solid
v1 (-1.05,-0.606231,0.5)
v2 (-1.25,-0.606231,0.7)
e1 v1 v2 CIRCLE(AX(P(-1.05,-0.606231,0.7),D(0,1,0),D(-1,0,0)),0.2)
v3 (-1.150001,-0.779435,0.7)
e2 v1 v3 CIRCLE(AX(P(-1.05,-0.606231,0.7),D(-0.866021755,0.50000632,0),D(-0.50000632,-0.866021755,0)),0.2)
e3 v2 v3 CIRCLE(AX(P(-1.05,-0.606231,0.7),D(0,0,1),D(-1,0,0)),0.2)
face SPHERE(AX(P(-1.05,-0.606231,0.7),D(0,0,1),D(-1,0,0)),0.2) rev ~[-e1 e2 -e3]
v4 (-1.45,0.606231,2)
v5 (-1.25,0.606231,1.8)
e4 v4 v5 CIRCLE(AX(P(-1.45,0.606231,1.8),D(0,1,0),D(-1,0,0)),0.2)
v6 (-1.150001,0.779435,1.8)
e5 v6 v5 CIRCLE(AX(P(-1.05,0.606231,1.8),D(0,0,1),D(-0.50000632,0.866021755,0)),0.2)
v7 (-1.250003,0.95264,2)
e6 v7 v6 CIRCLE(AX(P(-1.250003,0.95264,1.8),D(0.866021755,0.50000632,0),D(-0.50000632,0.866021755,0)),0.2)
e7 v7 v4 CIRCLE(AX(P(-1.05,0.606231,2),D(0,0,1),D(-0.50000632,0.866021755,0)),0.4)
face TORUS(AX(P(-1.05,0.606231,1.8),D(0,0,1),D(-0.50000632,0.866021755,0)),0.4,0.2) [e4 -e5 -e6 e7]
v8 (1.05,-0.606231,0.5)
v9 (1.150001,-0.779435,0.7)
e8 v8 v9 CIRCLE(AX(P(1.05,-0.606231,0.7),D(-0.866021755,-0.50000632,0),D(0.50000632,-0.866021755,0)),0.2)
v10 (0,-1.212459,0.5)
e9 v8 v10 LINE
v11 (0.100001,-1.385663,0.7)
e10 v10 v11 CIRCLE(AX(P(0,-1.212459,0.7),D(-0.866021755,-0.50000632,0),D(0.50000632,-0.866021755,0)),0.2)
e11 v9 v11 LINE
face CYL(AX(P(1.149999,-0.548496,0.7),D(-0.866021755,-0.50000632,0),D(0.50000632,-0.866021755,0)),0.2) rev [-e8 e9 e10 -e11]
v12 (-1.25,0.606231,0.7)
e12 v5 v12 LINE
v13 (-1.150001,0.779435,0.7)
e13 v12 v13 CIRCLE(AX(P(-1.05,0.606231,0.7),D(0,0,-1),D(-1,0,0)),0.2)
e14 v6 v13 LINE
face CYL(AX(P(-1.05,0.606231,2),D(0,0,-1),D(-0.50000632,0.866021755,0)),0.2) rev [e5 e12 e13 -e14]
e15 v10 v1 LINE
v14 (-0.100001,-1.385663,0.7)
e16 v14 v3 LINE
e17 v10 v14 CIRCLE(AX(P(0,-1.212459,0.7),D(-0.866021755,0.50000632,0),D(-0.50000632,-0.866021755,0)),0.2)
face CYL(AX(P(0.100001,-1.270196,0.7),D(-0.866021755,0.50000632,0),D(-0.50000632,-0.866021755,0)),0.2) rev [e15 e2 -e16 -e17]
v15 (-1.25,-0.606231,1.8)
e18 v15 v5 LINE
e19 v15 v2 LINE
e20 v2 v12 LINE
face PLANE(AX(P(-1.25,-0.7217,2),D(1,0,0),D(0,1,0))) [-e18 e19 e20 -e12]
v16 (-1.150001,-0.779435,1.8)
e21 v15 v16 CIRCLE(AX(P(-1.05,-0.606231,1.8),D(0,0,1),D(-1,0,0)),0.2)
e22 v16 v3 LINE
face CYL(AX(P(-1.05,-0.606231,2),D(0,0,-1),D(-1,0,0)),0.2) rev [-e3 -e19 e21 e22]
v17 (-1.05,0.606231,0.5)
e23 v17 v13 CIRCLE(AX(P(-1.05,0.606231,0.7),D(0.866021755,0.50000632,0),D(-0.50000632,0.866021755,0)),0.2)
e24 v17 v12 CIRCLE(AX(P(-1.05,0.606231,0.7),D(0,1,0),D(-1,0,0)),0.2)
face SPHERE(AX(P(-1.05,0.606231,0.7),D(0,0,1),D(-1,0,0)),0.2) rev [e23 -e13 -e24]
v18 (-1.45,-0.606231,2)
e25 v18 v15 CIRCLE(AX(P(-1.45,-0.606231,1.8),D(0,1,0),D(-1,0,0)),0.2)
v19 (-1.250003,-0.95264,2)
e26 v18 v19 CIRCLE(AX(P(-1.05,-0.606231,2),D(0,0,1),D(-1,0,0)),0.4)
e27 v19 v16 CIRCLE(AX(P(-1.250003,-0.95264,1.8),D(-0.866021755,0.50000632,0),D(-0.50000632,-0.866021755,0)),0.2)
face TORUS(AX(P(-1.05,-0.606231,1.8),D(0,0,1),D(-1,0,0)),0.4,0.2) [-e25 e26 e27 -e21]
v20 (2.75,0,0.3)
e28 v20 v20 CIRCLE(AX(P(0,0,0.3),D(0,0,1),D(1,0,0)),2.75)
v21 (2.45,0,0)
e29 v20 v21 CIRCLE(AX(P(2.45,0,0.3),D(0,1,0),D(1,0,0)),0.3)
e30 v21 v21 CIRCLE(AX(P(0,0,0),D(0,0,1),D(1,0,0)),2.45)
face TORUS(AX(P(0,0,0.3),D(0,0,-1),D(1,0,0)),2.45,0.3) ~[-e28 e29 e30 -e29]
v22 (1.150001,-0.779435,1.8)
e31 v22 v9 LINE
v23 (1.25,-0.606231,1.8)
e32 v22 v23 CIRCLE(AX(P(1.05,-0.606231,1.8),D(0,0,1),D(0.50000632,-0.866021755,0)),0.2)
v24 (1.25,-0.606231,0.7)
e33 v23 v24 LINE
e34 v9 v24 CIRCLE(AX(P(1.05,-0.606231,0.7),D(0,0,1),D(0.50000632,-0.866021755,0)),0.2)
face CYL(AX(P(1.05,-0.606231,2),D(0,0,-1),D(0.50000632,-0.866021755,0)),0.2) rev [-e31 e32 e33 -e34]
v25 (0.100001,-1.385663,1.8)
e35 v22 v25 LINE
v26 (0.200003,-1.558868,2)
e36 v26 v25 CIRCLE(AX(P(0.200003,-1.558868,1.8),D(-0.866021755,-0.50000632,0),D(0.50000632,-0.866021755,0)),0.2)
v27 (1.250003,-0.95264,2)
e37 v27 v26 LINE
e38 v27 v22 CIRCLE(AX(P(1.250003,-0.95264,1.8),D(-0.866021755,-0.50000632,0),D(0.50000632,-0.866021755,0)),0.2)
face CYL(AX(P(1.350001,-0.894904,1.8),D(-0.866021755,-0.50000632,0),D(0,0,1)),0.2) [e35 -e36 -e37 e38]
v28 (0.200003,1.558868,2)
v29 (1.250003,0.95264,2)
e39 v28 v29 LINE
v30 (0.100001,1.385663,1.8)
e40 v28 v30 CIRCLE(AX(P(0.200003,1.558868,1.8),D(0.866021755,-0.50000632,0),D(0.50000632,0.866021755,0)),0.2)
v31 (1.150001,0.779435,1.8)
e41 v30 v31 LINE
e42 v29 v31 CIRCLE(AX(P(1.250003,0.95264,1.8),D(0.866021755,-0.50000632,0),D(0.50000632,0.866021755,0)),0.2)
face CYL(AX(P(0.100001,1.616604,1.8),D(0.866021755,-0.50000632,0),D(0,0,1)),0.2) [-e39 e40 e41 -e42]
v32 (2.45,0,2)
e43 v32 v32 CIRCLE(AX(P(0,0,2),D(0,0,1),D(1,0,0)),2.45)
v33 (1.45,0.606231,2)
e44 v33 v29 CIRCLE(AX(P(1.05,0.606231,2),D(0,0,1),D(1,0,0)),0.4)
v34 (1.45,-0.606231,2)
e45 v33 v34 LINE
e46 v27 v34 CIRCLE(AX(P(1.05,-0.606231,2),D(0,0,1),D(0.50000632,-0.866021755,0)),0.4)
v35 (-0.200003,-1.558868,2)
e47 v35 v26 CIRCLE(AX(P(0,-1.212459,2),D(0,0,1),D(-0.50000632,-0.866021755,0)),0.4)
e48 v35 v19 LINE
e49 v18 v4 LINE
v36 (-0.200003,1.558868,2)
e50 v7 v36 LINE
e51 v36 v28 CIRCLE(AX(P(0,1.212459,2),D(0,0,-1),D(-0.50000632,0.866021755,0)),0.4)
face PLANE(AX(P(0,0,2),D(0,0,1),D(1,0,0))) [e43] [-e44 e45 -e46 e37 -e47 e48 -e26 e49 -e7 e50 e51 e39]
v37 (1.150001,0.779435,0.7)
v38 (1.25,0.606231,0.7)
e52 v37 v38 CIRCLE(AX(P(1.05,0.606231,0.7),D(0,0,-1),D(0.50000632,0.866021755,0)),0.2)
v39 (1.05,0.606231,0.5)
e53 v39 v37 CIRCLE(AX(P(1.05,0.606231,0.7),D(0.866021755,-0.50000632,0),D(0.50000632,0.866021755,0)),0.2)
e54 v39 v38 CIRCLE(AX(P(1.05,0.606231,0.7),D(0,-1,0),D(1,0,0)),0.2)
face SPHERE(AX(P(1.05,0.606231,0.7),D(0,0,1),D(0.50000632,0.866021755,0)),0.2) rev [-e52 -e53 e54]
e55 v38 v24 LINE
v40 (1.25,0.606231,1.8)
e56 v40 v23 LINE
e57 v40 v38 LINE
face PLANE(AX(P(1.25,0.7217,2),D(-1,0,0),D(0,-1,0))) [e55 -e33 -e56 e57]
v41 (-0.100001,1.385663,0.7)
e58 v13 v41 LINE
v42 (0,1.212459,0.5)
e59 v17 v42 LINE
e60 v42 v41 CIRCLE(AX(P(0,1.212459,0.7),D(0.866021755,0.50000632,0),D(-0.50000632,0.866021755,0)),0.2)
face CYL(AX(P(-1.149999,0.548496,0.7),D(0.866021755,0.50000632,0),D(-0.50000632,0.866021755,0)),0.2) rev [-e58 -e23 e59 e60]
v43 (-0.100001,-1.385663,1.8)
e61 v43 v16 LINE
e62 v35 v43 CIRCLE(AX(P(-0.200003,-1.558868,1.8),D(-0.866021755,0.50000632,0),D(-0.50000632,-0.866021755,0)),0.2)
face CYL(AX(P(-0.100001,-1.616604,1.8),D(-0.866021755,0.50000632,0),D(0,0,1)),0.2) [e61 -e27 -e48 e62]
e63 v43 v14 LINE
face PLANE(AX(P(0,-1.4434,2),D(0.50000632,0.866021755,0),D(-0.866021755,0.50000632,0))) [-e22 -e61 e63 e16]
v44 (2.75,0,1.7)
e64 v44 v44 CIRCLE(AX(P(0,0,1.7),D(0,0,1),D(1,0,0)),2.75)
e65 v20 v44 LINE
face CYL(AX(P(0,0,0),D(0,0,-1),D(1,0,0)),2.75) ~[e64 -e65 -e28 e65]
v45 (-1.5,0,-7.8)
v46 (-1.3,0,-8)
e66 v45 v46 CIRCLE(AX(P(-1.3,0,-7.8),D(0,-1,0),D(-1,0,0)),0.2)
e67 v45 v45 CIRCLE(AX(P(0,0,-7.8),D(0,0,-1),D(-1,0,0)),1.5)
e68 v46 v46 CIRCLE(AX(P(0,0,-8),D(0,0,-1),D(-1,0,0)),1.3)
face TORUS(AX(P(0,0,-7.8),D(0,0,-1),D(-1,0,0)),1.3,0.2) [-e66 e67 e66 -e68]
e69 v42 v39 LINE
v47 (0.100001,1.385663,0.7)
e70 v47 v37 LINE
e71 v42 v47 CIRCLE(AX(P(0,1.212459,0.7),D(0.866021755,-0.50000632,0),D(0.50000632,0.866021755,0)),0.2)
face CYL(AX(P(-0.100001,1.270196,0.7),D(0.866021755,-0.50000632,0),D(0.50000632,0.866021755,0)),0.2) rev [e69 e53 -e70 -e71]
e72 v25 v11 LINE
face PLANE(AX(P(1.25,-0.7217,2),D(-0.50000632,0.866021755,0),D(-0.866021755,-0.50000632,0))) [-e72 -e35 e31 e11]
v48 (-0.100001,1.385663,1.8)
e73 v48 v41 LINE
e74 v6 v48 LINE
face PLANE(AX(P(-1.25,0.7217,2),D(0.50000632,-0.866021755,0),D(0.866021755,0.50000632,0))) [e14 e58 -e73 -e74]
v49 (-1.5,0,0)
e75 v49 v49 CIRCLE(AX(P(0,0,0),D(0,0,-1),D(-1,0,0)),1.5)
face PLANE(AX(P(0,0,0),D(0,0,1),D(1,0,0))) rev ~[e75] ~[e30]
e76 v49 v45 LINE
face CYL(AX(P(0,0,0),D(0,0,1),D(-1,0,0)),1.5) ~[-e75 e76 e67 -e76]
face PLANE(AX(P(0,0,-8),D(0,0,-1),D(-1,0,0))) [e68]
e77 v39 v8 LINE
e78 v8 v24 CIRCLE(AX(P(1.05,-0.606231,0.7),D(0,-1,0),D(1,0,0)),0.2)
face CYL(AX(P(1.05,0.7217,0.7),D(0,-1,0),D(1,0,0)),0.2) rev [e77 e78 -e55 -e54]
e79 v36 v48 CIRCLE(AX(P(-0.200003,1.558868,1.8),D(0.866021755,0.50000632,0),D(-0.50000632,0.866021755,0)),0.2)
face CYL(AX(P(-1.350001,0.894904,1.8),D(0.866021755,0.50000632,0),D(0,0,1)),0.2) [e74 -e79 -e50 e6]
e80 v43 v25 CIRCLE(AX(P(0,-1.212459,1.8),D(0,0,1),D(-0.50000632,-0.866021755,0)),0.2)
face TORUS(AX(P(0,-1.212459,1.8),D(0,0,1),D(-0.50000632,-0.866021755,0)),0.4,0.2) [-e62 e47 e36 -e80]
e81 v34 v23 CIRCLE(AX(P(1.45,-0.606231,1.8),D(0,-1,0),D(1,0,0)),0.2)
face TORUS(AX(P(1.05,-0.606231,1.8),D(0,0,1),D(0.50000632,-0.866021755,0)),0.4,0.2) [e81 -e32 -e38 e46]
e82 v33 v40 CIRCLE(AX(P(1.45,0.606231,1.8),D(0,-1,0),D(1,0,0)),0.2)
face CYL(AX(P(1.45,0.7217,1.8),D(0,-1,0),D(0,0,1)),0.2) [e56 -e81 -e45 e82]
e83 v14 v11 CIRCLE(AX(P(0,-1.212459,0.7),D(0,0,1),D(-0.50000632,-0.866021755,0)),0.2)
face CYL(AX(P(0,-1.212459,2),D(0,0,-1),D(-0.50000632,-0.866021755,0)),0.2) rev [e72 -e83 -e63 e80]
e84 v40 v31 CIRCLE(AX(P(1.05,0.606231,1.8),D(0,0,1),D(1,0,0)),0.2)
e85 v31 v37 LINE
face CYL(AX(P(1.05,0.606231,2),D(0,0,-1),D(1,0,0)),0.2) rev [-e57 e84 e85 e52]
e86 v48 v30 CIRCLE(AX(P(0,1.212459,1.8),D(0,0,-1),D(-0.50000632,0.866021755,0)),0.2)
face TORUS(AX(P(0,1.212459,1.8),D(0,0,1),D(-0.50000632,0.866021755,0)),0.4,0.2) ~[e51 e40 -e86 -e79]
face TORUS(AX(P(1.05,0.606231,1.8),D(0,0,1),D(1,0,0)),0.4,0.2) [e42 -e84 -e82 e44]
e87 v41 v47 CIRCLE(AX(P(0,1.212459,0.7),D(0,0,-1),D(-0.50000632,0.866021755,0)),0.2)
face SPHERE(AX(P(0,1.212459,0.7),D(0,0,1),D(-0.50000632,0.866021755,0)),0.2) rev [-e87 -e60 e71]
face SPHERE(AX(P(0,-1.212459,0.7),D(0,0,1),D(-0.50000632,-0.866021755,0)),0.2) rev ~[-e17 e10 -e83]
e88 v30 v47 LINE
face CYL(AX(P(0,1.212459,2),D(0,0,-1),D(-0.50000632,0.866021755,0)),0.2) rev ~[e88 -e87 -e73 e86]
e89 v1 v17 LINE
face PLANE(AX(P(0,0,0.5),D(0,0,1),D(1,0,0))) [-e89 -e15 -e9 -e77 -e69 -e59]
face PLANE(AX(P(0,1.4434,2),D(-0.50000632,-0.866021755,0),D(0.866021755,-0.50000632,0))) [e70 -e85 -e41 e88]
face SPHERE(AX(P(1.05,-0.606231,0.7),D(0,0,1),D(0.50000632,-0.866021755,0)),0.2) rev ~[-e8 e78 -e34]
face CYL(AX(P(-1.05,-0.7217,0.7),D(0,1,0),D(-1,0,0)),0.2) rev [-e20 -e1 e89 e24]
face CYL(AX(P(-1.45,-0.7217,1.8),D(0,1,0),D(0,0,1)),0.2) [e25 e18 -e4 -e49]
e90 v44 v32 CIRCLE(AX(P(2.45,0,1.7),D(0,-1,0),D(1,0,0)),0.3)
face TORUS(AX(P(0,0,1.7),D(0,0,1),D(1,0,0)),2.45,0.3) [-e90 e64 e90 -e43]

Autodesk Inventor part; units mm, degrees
ref_plane "YZ Plane" through (0, 0, 0) normal (1, 0, 0) x (0, 1, 0)
ref_plane "XZ Plane" through (0, 0, 0) normal (0, 1, 0) x (-1, 0, 0)
ref_plane "XY Plane" through (0, 0, 0) normal (0, 0, 1) x (1, 0, 0)
sketch "スケッチ1" plane through (0, 0, 0) normal (0, 0, 1) x (1, 0, 0)
  circle A0 centre (0, 0) radius 2.75
  dimension "d0" = 5.5
extrude "押し出し1" add sketch "スケッチ1" along normal blind 2
sketch "スケッチ2" plane through (0, 0, 0) normal (0, 0, -1) x (-1, 0, 0)
  circle A0 centre (0, 0) radius 2.75 projected
  circle A1 centre (0, 0) radius 1.5
  dimension "d3" = 3
extrude "押し出し2" add sketch "スケッチ2" along normal blind 8 contours A1
sketch "スケッチ3" plane through (0, 0, 2) normal (0, 0, 1) x (1, 0, 0)
  circle A0 centre (0, 0) radius 2.75 projected
  line L0 (0, 1.4434) -> (1.25, 0.7217)
  line L1 (1.25, 0.7217) -> (1.25, -0.7217)
  line L2 (1.25, -0.7217) -> (0, -1.4434)
  line L3 (0, -1.4434) -> (-1.25, -0.7217)
  line L4 (-1.25, -0.7217) -> (-1.25, 0.7217)
  line L5 (-1.25, 0.7217) -> (0, 1.4434)
  dimension "d6" = 1.25
extrude "押し出し3" cut sketch "スケッチ3" against normal blind 1.5 contours L0 L1 L2 L3 L4 L5
fillet "フィレット1" radius 0.3 2 edges at (-2.75, 0, 2) (-2.75, 0, 0)
fillet "フィレット2" radius 0.2 19 edges at (-0.625, 1.0825, 2) (-1.25, 0, 2) (-0.625, -1.0825, 2) (0.625, -1.0825, 2) (1.25, 0, 2) (0.625, 1.0825, 2) (-0.625, 1.0825, 0.5) (0.625, 1.0825, 0.5) (0, 1.4434, 1.25) (-1.25, 0.7217, 1.25) (-0.625, -1.0825, 0.5) (-1.25, -0.7217, 1.25) (-1.25, 0, 0.5) (1.25, 0, 0.5) (1.25, 0.7217, 1.25) (1.25, -0.7217, 1.25) (0.625, -1.0825, 0.5) (0, -1.4434, 1.25) (1.5, 0, -8)
thread "ねじ2" size "M3x0.5" class "6g" standard "ANSI Metric M Profile" full length
